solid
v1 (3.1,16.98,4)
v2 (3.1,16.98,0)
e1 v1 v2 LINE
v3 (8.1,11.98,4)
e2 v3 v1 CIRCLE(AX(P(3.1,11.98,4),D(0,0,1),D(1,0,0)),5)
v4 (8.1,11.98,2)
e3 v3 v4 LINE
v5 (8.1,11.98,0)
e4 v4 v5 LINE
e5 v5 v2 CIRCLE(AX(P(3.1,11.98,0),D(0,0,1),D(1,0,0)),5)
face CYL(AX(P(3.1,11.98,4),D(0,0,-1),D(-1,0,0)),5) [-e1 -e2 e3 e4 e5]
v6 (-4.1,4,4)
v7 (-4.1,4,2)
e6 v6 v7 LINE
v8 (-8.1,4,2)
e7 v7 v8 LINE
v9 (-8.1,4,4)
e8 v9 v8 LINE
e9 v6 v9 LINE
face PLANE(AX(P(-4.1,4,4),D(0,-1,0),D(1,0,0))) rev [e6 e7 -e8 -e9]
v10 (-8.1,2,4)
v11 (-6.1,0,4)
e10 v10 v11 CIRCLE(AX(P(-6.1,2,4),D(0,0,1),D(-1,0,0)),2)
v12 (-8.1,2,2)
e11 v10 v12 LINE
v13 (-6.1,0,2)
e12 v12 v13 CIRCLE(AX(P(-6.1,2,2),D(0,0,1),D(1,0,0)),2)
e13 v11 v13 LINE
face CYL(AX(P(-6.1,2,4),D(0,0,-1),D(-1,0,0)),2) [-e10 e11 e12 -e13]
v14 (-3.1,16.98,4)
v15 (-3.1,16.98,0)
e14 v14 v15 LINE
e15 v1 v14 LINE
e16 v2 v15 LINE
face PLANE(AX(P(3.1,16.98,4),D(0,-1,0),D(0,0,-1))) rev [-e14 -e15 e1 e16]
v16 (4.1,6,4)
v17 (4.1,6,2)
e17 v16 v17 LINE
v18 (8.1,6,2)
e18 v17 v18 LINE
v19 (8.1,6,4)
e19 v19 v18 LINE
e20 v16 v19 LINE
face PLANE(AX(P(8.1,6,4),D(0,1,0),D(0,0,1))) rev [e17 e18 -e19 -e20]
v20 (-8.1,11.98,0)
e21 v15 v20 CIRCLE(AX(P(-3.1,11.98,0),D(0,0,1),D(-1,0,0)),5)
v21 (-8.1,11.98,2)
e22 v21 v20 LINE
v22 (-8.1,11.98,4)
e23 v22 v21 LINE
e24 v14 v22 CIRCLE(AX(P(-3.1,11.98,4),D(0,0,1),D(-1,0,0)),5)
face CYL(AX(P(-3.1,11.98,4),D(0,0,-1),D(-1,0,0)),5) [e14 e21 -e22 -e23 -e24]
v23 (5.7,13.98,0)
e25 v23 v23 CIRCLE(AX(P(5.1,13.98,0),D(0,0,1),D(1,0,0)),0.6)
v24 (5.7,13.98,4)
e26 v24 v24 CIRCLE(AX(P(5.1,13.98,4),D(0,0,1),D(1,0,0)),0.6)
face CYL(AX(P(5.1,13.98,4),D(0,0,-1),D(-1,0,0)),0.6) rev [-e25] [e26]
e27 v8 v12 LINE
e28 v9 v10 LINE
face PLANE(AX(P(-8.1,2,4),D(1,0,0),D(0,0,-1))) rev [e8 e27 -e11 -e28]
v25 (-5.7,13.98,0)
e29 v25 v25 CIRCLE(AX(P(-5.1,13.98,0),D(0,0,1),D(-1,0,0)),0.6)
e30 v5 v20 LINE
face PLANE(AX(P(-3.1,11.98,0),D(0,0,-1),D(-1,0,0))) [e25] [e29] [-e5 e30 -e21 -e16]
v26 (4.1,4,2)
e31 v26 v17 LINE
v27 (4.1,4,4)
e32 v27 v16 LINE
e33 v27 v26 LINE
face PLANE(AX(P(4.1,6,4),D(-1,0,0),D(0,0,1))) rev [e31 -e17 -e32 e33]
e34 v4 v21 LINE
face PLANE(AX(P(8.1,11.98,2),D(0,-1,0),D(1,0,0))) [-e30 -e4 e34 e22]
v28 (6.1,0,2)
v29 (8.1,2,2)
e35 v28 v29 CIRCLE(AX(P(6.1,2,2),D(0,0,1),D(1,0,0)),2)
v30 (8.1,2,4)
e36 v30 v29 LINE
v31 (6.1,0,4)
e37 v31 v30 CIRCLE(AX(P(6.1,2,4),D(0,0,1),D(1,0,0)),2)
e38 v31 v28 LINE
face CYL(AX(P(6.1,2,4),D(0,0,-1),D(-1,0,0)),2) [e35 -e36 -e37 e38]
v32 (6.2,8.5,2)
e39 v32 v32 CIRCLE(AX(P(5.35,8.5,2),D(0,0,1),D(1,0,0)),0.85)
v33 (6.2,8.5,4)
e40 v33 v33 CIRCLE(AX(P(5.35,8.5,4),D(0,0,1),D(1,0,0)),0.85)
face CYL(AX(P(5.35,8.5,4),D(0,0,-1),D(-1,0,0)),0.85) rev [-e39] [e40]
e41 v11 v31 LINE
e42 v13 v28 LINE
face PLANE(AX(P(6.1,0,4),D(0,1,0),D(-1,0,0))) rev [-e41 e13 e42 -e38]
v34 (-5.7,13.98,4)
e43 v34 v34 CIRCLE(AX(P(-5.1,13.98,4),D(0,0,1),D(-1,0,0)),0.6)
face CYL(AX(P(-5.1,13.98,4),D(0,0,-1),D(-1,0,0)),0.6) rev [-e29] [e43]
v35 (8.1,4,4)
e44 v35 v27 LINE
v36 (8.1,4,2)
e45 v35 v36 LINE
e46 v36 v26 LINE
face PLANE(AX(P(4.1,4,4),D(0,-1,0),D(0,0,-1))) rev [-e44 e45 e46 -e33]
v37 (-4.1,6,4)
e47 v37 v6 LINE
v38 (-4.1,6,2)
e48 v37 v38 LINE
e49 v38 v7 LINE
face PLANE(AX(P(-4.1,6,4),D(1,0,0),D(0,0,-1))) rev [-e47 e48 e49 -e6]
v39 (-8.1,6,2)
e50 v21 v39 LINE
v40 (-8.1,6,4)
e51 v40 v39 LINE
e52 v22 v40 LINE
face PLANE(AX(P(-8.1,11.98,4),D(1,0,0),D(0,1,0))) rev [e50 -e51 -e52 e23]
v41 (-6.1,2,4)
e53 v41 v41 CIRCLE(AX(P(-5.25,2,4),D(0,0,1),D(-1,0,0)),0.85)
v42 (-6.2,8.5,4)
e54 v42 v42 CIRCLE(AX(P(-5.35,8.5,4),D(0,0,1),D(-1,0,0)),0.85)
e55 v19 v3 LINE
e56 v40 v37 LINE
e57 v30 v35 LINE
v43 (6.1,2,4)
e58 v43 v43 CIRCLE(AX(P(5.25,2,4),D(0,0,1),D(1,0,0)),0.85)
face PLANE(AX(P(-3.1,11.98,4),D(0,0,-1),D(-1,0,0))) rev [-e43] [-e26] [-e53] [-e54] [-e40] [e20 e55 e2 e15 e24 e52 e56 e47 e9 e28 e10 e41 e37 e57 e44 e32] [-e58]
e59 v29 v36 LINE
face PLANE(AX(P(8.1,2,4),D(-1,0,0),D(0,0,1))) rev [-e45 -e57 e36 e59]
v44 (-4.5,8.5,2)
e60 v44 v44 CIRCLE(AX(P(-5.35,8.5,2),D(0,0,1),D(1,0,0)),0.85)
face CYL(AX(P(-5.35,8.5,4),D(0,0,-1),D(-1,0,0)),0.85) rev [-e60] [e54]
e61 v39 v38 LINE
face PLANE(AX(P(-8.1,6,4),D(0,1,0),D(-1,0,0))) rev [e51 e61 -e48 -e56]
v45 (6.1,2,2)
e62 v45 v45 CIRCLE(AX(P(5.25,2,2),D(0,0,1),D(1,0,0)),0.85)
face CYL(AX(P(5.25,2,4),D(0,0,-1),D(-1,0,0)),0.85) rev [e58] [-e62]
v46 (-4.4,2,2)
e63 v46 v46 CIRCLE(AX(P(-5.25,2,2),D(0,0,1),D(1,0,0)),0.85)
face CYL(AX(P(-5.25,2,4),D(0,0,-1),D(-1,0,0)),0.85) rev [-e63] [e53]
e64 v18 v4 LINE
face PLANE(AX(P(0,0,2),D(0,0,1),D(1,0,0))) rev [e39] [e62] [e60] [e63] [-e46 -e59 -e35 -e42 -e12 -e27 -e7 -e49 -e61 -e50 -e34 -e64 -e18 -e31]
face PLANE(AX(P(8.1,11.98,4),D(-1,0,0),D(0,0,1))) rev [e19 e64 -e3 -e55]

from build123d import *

# Parameters (mm, degrees)
SKETCH1_R           = 0.85
SKETCH1_R_2         = 0.6
BOSS_EXTRUDE1_DEPTH = 4
SKETCH2_W           = 16.2
SKETCH2_H           = 11.98
CUT_EXTRUDE1_DEPTH  = 2


with BuildPart() as part:
    # Sketch1 → Boss-Extrude1 (new body)
    with BuildSketch(Plane.XY):
        with BuildLine():
            Line((3.1, 16.98), (-3.1, 16.98))
            ThreePointArc((-3.1, 16.98), (-6.635533906, 15.515533906), (-8.1, 11.98))
            Line((-8.1, 11.98), (-8.1, 6))
            Line((-8.1, 6), (-4.1, 6))
            Line((-4.1, 6), (-4.1, 4))
            Line((-4.1, 4), (-8.1, 4))
            Line((-8.1, 4), (-8.1, 2))
            ThreePointArc((-8.1, 2), (-7.514213562, 0.585786438), (-6.1, 0))
            Line((-6.1, 0), (6.1, 0))
            ThreePointArc((6.1, 0), (7.514213562, 0.585786438), (8.1, 2))
            Line((8.1, 2), (8.1, 4))
            Line((8.1, 4), (4.1, 4))
            Line((4.1, 4), (4.1, 6))
            Line((4.1, 6), (8.1, 6))
            Line((8.1, 6), (8.1, 11.98))
            ThreePointArc((8.1, 11.98), (6.635533906, 15.515533906), (3.1, 16.98))
        make_face()
        with Locations((-5.25, 2)):
            Circle(SKETCH1_R, mode=Mode.SUBTRACT)
        with Locations((-5.1, 13.98)):
            Circle(SKETCH1_R_2, mode=Mode.SUBTRACT)
        with Locations((-5.35, 8.5)):
            Circle(SKETCH1_R, mode=Mode.SUBTRACT)
        with Locations((5.35, 8.5)):
            Circle(SKETCH1_R, mode=Mode.SUBTRACT)
        with Locations((5.1, 13.98)):
            Circle(SKETCH1_R_2, mode=Mode.SUBTRACT)
        with Locations((5.25, 2)):
            Circle(SKETCH1_R, mode=Mode.SUBTRACT)
    extrude(amount=BOSS_EXTRUDE1_DEPTH)

    # Sketch2 → Cut-Extrude1 (cut)
    with BuildSketch(Plane.XY):
        with Locations((0, 5.99)):
            Rectangle(SKETCH2_W, SKETCH2_H)
    extrude(amount=CUT_EXTRUDE1_DEPTH, mode=Mode.SUBTRACT)


solid = part.part
